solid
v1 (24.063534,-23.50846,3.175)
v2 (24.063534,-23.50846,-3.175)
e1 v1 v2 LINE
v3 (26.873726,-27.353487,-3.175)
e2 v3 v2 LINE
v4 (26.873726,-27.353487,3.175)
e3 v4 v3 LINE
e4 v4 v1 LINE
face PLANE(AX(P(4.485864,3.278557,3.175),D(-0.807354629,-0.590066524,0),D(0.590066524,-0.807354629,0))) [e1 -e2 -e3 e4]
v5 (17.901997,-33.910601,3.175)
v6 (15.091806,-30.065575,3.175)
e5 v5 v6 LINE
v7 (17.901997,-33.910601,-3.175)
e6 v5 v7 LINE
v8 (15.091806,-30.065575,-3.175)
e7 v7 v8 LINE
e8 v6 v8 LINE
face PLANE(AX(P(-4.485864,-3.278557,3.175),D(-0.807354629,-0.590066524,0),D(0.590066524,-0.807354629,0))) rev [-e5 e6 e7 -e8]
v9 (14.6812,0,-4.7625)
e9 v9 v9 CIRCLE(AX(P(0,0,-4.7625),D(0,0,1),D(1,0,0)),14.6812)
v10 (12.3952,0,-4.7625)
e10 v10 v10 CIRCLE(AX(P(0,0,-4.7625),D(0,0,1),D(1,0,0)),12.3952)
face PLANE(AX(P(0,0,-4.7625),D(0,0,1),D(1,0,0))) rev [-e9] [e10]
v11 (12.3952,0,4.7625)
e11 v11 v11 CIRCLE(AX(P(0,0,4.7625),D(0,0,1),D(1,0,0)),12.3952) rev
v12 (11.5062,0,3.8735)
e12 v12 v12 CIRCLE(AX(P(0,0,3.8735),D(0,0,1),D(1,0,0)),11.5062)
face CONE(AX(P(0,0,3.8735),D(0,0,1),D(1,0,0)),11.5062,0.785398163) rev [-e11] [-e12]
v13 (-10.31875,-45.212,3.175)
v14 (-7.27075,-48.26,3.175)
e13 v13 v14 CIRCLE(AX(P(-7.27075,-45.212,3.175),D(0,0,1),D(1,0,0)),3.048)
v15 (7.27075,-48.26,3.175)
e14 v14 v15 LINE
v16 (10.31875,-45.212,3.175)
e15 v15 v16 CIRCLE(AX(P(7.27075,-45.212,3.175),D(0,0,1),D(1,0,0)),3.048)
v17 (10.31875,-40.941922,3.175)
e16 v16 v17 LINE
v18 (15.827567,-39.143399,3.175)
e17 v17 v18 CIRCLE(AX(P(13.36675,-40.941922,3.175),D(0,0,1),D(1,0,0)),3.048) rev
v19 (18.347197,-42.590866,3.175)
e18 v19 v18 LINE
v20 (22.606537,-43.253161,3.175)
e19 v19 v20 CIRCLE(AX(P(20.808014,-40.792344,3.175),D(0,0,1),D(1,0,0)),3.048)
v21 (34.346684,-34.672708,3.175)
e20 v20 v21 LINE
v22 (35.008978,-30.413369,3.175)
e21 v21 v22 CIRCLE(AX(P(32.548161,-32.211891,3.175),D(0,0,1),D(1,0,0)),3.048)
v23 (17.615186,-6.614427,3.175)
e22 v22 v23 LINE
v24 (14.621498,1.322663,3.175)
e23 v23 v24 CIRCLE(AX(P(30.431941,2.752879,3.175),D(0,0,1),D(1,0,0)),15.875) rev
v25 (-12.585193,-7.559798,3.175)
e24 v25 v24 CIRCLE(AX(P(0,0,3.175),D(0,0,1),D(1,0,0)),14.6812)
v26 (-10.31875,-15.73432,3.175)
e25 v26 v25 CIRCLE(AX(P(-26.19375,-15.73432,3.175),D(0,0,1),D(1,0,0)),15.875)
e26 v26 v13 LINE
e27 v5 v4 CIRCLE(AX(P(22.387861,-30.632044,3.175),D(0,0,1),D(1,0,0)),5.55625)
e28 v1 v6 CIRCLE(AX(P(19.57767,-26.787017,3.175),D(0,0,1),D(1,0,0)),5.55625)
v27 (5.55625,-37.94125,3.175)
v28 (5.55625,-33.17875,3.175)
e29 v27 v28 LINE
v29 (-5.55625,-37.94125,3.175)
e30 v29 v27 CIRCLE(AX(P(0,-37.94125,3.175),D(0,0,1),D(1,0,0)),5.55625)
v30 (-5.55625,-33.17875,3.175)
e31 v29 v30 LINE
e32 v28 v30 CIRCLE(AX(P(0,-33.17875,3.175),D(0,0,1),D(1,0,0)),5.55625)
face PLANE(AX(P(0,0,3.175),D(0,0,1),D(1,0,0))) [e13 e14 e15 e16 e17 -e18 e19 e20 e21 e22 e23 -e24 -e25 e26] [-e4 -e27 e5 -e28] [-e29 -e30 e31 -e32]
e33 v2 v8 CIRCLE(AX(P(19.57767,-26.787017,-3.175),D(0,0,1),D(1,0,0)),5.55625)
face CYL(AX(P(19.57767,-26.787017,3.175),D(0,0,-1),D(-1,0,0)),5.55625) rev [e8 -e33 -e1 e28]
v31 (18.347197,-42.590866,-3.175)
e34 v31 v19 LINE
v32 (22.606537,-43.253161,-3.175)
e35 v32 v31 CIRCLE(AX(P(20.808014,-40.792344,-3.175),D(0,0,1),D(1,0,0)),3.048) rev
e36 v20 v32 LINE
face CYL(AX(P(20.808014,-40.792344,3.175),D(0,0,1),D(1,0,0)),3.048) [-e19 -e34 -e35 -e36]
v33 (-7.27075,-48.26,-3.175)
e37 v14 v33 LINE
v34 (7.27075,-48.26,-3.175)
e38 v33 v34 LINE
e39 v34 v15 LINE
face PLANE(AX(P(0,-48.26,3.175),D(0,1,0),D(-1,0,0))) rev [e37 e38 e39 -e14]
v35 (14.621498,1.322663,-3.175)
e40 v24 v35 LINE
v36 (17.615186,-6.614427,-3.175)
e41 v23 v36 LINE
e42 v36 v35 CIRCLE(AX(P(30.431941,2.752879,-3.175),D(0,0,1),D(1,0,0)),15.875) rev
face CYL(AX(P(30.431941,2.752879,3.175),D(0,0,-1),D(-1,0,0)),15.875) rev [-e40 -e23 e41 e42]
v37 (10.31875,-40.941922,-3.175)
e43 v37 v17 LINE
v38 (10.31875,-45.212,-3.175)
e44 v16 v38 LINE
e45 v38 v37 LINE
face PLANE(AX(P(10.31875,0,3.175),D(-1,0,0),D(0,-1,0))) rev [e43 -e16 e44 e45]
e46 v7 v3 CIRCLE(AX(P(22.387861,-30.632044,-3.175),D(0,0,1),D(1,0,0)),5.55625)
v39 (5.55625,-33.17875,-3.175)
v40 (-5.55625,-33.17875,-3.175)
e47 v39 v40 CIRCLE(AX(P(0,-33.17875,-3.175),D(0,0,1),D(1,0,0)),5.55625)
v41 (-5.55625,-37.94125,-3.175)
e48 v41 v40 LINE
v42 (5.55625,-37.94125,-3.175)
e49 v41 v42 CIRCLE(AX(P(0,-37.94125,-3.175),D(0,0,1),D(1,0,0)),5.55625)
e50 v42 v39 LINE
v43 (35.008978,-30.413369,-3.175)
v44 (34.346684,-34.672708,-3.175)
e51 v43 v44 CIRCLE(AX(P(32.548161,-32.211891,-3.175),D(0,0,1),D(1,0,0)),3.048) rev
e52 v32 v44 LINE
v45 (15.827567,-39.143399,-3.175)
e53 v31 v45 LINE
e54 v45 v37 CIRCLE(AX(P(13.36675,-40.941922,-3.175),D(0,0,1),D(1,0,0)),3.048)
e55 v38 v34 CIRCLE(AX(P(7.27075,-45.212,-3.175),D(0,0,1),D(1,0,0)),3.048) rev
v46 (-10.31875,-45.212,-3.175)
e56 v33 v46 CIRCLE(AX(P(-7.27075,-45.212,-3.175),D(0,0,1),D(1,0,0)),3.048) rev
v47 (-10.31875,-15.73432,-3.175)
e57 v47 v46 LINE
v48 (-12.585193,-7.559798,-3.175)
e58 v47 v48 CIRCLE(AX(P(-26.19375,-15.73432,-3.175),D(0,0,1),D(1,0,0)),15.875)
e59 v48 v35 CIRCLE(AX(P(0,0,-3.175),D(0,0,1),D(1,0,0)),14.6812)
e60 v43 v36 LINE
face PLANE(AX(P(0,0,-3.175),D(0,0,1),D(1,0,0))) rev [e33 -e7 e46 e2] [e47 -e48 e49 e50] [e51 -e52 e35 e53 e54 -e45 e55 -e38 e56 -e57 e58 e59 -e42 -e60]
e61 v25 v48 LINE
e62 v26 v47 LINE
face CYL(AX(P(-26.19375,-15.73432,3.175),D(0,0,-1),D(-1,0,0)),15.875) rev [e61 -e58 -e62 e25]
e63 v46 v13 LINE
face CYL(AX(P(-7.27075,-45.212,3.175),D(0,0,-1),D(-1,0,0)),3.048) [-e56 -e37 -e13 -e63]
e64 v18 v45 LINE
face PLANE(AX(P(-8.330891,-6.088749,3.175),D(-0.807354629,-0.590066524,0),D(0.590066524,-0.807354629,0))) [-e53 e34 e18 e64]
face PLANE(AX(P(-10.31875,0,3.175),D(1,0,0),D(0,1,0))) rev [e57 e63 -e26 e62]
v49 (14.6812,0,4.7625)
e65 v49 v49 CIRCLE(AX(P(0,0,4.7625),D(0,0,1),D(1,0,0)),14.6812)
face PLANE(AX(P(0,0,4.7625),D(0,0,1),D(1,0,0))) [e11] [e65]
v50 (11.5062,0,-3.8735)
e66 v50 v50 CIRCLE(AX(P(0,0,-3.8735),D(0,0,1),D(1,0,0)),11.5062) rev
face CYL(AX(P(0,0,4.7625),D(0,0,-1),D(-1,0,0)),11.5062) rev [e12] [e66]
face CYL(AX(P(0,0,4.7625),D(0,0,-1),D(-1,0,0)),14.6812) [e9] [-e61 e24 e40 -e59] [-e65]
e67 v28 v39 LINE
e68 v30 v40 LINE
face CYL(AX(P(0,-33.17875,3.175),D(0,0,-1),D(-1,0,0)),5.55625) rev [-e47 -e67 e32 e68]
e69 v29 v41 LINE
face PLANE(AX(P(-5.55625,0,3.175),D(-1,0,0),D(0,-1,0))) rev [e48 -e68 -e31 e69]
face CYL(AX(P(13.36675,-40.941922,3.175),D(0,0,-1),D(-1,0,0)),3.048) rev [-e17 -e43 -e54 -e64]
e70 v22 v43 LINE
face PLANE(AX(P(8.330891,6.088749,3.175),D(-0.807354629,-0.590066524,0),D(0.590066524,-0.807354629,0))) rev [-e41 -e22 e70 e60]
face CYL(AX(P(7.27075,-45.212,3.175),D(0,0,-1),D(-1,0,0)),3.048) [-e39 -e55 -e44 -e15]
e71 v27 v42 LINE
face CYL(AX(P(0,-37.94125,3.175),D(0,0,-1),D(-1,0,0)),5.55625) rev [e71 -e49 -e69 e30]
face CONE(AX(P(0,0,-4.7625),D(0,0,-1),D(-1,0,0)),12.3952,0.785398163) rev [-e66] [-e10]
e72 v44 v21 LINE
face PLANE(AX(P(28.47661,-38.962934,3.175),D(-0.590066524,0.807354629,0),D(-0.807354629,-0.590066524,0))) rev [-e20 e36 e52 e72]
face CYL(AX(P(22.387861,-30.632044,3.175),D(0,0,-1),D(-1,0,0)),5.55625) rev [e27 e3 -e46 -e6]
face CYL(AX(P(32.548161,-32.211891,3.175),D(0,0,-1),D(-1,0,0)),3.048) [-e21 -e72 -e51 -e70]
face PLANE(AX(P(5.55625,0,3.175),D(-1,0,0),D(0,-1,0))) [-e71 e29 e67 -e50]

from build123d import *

# Parameters (mm, degrees)
SKETCH1_R           = 11.5062
BOSS_EXTRUDE2_DEPTH = 4.7625
BOSS_EXTRUDE3_DEPTH = 3.175
FILLET1_R           = 3.048
CHAMFER1_SIZE       = 0.889


with BuildPart() as part:
    # Sketch1 → Boss-Extrude2 (new body, symmetric)
    with BuildSketch(Plane.XY):
        with BuildLine():
            ThreePointArc((14.621497696, 1.322663433), (-4.556441994, 13.956234084), (-12.585193267, -7.559797873))
            ThreePointArc((-12.585193267, -7.559797873), (4.556441994, -13.956234084), (14.621497696, 1.322663433))
        make_face()
        Circle(SKETCH1_R, mode=Mode.SUBTRACT)
    extrude(amount=BOSS_EXTRUDE2_DEPTH, both=True)

    # Sketch1<4> → Boss-Extrude3 (add, symmetric)
    with BuildSketch(Plane.XY):
        with BuildLine():
            ThreePointArc((-12.585193267, -7.559797873), (-10.89585042, -11.492870345), (-10.31875, -15.734319794))
            Line((-10.31875, -15.734319794), (-10.31875, -48.26))
            Line((-10.31875, -48.26), (10.31875, -48.26))
            Line((10.31875, -48.26), (10.31875, -31.605996662))
            Line((10.31875, -31.605996662), (20.145719857, -45.051683354))
            Line((20.145719857, -45.051683354), (36.80750102, -32.874185469))
            Line((36.80750102, -32.874185469), (17.615185966, -6.614426983))
            ThreePointArc((17.615185966, -6.614426983), (15.578373329, -2.849545496), (14.621497696, 1.322663433))
            ThreePointArc((14.621497696, 1.322663433), (4.556441994, -13.956234084), (-12.585193267, -7.559797873))
        make_face()
        with BuildLine():
            ThreePointArc((5.55625, -37.94125), (0, -43.4975), (-5.55625, -37.94125))
            Line((-5.55625, -37.94125), (-5.55625, -33.17875))
            ThreePointArc((-5.55625, -33.17875), (0, -27.6225), (5.55625, -33.17875))
            Line((5.55625, -33.17875), (5.55625, -37.94125))
        make_face(mode=Mode.SUBTRACT)
        with BuildLine():
            ThreePointArc((26.873725655, -27.353486707), (25.666418619, -35.117907989), (17.901997337, -33.910600953))
            Line((17.901997337, -33.910600953), (15.091805517, -30.065574531))
            ThreePointArc((15.091805517, -30.065574531), (16.299112553, -22.301153249), (24.063533835, -23.508460285))
            Line((24.063533835, -23.508460285), (26.873725655, -27.353486707))
        make_face(mode=Mode.SUBTRACT)
    extrude(amount=BOSS_EXTRUDE3_DEPTH, both=True)

    # Fillet1
    fillet1_edges = [part.edges().sort_by_distance(p)[0] for p in [
        (-10.31875, -48.26, 0),
        (10.31875, -48.26, 0),
        (10.31875, -31.605996662, 0),
        (20.145719857, -45.051683354, 0),
        (36.80750102, -32.874185469, 0),
    ]]
    fillet(fillet1_edges, radius=FILLET1_R)

    # Chamfer1
    chamfer1_edges = [part.edges().sort_by_distance(p)[0] for p in [
        (-11.5062, 0, -4.7625),
        (-11.5062, 0, 4.7625),
    ]]
    chamfer(chamfer1_edges, length=CHAMFER1_SIZE)


solid = part.part
